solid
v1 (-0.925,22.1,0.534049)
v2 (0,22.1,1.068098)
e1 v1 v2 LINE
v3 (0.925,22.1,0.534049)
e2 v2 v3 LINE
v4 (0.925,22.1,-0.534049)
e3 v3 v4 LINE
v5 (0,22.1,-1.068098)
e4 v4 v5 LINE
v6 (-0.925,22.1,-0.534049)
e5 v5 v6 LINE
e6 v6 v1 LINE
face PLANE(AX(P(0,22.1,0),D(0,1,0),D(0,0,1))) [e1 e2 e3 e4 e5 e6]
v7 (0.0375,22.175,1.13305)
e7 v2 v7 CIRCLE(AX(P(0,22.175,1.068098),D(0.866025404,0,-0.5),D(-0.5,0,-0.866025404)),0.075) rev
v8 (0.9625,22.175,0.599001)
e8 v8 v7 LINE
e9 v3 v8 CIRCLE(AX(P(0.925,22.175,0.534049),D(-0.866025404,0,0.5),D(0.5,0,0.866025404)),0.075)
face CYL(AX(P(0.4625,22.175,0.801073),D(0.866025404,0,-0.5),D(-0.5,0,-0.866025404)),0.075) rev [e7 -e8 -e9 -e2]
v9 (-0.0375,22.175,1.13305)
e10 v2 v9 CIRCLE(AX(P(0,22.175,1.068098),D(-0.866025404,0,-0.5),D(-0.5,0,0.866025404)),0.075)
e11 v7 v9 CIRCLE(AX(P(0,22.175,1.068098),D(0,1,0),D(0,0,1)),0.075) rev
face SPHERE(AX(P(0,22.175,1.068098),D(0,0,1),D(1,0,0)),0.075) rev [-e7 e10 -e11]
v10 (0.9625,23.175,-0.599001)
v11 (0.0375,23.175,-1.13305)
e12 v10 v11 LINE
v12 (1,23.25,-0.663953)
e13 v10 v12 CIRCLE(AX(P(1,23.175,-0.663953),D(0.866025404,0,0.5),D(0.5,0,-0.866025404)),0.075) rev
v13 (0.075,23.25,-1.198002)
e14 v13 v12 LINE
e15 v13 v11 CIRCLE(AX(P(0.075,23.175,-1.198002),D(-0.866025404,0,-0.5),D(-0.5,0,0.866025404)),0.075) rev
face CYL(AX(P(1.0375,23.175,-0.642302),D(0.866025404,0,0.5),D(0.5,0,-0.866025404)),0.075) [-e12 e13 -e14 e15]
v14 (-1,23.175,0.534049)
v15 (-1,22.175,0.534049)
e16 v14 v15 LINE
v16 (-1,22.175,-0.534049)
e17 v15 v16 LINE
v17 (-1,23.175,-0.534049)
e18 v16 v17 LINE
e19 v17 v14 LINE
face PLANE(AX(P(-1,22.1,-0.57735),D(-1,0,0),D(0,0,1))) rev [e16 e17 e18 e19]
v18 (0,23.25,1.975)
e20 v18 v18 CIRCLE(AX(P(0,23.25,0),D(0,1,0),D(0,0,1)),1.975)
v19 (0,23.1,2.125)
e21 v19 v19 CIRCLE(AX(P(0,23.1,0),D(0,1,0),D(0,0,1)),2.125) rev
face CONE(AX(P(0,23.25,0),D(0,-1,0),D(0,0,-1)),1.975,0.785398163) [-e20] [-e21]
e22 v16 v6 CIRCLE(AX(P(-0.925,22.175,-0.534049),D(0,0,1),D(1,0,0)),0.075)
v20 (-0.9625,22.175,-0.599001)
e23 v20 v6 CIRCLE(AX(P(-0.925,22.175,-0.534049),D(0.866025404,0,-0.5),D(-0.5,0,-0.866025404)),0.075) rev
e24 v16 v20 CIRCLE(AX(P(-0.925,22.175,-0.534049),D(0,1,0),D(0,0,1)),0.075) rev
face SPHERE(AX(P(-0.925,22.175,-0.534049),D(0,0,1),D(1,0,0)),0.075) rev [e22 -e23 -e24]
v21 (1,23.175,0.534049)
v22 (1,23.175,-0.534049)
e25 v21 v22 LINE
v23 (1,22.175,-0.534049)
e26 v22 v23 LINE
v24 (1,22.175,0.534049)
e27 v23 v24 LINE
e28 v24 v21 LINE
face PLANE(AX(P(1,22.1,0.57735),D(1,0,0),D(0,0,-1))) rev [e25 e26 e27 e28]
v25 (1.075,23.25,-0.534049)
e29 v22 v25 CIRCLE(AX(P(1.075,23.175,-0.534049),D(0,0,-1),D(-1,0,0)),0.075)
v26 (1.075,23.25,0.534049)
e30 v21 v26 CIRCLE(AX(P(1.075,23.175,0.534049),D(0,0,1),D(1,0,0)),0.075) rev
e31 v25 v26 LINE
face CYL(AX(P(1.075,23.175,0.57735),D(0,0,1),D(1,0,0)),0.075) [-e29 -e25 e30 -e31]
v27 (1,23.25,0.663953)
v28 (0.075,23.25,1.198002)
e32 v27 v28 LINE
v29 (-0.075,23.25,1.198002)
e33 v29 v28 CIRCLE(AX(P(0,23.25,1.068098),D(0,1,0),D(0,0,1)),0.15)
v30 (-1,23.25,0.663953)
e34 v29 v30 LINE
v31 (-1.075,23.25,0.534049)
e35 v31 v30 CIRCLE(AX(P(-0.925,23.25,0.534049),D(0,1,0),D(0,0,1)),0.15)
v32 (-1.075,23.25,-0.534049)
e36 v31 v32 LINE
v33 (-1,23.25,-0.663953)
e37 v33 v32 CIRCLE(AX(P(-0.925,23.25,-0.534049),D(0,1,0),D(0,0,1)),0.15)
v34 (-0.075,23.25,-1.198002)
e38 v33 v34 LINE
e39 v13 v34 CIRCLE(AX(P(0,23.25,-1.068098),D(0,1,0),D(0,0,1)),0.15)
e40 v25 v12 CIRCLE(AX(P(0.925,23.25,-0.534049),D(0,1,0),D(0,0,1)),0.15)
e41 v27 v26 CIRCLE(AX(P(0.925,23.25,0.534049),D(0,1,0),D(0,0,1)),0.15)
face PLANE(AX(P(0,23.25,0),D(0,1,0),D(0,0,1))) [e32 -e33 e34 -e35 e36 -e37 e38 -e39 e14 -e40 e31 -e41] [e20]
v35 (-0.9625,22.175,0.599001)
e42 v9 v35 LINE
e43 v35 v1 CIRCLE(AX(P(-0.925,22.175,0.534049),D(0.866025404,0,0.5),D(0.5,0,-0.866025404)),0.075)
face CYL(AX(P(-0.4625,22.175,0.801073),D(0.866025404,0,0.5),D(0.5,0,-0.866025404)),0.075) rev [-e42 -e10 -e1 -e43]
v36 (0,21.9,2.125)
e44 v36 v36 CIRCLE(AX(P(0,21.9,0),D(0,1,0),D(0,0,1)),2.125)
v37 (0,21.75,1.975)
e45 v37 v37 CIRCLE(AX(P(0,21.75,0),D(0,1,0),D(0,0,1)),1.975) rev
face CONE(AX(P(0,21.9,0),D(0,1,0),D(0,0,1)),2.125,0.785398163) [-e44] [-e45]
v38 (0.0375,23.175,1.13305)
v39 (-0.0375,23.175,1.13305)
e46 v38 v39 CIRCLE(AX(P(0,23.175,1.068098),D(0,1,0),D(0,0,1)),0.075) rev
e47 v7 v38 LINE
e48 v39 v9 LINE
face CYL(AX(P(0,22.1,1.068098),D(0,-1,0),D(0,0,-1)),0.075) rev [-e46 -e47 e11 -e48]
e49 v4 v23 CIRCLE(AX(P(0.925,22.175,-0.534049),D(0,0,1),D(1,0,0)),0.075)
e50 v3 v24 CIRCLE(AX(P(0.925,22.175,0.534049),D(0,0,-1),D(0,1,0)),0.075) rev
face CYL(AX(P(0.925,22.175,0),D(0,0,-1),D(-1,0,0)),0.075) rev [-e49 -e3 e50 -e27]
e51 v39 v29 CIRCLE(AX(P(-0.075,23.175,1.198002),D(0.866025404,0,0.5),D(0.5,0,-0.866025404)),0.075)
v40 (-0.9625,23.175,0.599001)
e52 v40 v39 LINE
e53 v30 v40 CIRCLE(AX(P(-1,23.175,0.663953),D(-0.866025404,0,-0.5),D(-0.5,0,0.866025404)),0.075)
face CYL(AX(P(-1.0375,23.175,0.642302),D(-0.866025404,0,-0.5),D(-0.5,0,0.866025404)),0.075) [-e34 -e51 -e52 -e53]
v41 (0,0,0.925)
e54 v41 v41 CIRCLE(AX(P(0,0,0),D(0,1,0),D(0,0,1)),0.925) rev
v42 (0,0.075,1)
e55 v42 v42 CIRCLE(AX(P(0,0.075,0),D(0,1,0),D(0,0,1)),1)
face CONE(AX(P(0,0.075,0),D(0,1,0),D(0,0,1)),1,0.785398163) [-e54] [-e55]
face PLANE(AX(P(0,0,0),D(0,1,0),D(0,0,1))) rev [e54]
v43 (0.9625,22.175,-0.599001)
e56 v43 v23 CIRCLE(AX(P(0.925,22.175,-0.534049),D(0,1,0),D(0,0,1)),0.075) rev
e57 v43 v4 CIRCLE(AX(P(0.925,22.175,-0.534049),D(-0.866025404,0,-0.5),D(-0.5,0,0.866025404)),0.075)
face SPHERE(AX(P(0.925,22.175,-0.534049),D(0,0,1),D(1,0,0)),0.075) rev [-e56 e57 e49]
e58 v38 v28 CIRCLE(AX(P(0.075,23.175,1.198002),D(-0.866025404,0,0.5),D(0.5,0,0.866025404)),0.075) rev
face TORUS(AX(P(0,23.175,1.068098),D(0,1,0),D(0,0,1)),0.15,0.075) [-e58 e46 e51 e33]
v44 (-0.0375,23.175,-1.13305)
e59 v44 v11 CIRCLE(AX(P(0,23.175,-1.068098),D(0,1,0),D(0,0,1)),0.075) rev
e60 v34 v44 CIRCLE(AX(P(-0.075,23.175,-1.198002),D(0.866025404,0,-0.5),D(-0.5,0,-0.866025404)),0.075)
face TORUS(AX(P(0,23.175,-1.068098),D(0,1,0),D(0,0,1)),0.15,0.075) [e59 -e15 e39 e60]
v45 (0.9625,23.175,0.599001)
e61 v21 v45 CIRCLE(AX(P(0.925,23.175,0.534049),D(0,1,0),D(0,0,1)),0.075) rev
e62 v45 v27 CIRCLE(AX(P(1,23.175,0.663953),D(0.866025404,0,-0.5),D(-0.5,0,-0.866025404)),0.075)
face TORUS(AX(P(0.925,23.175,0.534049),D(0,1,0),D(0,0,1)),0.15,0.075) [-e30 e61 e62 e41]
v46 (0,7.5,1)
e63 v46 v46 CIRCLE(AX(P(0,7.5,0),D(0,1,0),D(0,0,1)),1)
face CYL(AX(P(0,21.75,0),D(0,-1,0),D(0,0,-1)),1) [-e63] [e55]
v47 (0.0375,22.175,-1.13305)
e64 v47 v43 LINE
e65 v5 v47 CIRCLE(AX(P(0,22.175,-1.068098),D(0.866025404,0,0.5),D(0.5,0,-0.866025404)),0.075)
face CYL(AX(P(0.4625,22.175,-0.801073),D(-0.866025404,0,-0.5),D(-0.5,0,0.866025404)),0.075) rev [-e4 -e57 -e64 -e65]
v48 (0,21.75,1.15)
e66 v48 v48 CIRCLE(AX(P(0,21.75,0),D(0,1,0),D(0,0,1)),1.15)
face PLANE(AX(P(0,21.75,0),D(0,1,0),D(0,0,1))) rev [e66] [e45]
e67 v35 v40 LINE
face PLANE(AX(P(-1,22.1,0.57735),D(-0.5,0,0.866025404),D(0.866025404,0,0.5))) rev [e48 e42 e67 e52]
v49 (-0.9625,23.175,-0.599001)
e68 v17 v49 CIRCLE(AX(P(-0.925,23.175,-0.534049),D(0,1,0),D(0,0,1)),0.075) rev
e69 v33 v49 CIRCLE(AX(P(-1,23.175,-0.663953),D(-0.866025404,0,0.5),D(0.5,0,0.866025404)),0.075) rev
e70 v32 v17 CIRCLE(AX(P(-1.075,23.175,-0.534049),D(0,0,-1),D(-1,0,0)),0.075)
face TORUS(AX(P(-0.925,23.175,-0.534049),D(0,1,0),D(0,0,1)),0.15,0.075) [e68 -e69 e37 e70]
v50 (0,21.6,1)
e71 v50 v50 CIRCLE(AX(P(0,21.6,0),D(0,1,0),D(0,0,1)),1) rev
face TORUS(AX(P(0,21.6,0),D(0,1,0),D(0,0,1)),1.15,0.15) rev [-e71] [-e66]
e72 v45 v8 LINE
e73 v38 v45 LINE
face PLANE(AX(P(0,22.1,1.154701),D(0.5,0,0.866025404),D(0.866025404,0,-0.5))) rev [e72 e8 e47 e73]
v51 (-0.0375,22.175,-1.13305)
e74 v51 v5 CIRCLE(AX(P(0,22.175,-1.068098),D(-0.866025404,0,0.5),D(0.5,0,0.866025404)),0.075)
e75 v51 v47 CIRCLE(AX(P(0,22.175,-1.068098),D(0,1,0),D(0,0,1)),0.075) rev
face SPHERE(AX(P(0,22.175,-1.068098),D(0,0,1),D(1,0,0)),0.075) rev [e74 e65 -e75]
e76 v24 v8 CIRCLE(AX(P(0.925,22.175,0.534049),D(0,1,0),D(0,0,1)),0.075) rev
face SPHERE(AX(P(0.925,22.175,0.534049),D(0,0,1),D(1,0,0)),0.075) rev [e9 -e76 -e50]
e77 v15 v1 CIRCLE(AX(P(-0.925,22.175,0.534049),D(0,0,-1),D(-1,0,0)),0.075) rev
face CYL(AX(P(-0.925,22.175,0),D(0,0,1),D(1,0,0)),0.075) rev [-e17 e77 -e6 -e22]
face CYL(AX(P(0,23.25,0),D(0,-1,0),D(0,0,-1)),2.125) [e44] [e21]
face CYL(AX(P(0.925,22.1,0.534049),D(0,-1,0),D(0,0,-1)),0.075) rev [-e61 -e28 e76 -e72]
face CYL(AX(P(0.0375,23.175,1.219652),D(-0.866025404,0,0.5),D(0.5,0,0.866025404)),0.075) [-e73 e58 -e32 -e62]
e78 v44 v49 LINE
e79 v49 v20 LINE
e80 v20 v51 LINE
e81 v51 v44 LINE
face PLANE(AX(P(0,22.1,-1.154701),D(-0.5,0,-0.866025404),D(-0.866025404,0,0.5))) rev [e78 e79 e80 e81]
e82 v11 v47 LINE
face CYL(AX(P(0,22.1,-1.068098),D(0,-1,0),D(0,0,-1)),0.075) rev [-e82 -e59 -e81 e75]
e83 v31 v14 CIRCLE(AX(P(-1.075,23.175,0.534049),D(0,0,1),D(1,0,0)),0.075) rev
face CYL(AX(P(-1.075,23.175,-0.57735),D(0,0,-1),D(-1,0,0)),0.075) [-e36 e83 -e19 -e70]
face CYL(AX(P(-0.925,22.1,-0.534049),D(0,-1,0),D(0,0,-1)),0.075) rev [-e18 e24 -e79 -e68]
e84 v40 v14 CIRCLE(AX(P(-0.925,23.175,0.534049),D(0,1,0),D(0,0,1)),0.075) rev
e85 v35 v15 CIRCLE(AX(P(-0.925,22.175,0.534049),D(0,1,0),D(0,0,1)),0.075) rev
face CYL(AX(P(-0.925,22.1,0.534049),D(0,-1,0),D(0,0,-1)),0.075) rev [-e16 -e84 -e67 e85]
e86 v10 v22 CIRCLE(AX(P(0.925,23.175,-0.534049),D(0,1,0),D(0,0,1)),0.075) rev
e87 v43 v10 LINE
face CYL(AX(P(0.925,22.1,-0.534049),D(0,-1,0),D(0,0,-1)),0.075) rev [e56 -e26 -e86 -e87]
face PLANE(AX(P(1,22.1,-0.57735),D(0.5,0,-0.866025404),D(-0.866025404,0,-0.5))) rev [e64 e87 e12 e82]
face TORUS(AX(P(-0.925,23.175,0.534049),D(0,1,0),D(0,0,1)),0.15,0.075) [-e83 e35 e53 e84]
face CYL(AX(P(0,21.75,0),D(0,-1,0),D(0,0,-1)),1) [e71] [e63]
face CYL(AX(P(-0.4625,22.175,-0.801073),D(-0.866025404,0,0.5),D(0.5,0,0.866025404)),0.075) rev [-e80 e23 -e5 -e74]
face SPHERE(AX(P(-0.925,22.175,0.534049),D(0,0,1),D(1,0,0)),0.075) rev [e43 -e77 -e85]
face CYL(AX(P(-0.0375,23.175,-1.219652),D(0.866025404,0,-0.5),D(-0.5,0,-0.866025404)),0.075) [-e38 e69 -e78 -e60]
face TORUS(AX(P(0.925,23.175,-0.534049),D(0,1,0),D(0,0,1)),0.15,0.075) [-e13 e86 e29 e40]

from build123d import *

# Parameters (mm, degrees)
SKETCH1_R           = 1
BOSS_EXTRUDE1_DEPTH = 21.75
SKETCH2_R           = 2.125
BOSS_EXTRUDE2_DEPTH = 1.5
FILLET1_R           = 0.15
CHAMFER1_SIZE       = 0.15
CUT_EXTRUDE1_DEPTH  = 1.15
CHAMFER2_SIZE       = 0.075
FILLET2_R           = 0.075


with BuildPart() as part:
    # Sketch1 → Boss-Extrude1 (new body)
    with BuildSketch(Plane(origin=(0, 0, 0), x_dir=(1, 0, 0), z_dir=(0, 1, 0))):
        with Locations(Location((0, 0, 0), (0, 0, 270))):
            Circle(SKETCH1_R)
    extrude(amount=BOSS_EXTRUDE1_DEPTH)

    # Sketch2 → Boss-Extrude2 (add)
    with BuildSketch(Plane(origin=(0, 21.75, 0), x_dir=(1, 0, 0), z_dir=(0, 1, 0))):
        with Locations(Location((0, 0, 0), (0, 0, 270))):
            Circle(SKETCH2_R)
    extrude(amount=BOSS_EXTRUDE2_DEPTH)

    # Fillet1
    fillet1_edges = [part.edges().sort_by_distance(p)[0] for p in [
        (0, 21.75, -1),
    ]]
    fillet(fillet1_edges, radius=FILLET1_R)

    # Chamfer1
    chamfer1_edges = [part.edges().sort_by_distance(p)[0] for p in [
        (0, 21.75, -2.125),
        (0, 23.25, -2.125),
    ]]
    chamfer(chamfer1_edges, length=CHAMFER1_SIZE)

    # Sketch3 → Cut-Extrude1 (cut)
    with BuildSketch(Plane(origin=(0, 23.25, 0), x_dir=(1, 0, 0), z_dir=(0, 1, 0))):
        Polygon((0, 1.154700538), (-1, 0.577350269), (-1, -0.577350269), (0, -1.154700538), (1, -0.577350269), (1, 0.577350269), align=None)
    extrude(amount=-CUT_EXTRUDE1_DEPTH, mode=Mode.SUBTRACT)

    # Chamfer2
    chamfer2_edges = [part.edges().sort_by_distance(p)[0] for p in [
        (0, 0, -1),
    ]]
    chamfer(chamfer2_edges, length=CHAMFER2_SIZE)

    # Fillet2
    fillet2_edges = [part.edges().sort_by_distance(p)[0] for p in [
        (0.5, 22.1, -0.866025404),
        (0, 22.675, -1.154700538),
        (1, 22.1, 0),
        (1, 22.675, -0.577350269),
        (0.5, 22.1, 0.866025404),
        (1, 22.675, 0.577350269),
        (-0.5, 22.1, 0.866025404),
        (0, 22.675, 1.154700538),
        (-1, 22.1, 0),
        (-1, 22.675, 0.577350269),
        (-0.5, 22.1, -0.866025404),
        (-1, 22.675, -0.577350269),
        (0.5, 23.25, -0.866025404),
        (-0.5, 23.25, -0.866025404),
        (-1, 23.25, 0),
        (-0.5, 23.25, 0.866025404),
        (0.5, 23.25, 0.866025404),
        (1, 23.25, 0),
    ]]
    fillet(fillet2_edges, radius=FILLET2_R)


solid = part.part
